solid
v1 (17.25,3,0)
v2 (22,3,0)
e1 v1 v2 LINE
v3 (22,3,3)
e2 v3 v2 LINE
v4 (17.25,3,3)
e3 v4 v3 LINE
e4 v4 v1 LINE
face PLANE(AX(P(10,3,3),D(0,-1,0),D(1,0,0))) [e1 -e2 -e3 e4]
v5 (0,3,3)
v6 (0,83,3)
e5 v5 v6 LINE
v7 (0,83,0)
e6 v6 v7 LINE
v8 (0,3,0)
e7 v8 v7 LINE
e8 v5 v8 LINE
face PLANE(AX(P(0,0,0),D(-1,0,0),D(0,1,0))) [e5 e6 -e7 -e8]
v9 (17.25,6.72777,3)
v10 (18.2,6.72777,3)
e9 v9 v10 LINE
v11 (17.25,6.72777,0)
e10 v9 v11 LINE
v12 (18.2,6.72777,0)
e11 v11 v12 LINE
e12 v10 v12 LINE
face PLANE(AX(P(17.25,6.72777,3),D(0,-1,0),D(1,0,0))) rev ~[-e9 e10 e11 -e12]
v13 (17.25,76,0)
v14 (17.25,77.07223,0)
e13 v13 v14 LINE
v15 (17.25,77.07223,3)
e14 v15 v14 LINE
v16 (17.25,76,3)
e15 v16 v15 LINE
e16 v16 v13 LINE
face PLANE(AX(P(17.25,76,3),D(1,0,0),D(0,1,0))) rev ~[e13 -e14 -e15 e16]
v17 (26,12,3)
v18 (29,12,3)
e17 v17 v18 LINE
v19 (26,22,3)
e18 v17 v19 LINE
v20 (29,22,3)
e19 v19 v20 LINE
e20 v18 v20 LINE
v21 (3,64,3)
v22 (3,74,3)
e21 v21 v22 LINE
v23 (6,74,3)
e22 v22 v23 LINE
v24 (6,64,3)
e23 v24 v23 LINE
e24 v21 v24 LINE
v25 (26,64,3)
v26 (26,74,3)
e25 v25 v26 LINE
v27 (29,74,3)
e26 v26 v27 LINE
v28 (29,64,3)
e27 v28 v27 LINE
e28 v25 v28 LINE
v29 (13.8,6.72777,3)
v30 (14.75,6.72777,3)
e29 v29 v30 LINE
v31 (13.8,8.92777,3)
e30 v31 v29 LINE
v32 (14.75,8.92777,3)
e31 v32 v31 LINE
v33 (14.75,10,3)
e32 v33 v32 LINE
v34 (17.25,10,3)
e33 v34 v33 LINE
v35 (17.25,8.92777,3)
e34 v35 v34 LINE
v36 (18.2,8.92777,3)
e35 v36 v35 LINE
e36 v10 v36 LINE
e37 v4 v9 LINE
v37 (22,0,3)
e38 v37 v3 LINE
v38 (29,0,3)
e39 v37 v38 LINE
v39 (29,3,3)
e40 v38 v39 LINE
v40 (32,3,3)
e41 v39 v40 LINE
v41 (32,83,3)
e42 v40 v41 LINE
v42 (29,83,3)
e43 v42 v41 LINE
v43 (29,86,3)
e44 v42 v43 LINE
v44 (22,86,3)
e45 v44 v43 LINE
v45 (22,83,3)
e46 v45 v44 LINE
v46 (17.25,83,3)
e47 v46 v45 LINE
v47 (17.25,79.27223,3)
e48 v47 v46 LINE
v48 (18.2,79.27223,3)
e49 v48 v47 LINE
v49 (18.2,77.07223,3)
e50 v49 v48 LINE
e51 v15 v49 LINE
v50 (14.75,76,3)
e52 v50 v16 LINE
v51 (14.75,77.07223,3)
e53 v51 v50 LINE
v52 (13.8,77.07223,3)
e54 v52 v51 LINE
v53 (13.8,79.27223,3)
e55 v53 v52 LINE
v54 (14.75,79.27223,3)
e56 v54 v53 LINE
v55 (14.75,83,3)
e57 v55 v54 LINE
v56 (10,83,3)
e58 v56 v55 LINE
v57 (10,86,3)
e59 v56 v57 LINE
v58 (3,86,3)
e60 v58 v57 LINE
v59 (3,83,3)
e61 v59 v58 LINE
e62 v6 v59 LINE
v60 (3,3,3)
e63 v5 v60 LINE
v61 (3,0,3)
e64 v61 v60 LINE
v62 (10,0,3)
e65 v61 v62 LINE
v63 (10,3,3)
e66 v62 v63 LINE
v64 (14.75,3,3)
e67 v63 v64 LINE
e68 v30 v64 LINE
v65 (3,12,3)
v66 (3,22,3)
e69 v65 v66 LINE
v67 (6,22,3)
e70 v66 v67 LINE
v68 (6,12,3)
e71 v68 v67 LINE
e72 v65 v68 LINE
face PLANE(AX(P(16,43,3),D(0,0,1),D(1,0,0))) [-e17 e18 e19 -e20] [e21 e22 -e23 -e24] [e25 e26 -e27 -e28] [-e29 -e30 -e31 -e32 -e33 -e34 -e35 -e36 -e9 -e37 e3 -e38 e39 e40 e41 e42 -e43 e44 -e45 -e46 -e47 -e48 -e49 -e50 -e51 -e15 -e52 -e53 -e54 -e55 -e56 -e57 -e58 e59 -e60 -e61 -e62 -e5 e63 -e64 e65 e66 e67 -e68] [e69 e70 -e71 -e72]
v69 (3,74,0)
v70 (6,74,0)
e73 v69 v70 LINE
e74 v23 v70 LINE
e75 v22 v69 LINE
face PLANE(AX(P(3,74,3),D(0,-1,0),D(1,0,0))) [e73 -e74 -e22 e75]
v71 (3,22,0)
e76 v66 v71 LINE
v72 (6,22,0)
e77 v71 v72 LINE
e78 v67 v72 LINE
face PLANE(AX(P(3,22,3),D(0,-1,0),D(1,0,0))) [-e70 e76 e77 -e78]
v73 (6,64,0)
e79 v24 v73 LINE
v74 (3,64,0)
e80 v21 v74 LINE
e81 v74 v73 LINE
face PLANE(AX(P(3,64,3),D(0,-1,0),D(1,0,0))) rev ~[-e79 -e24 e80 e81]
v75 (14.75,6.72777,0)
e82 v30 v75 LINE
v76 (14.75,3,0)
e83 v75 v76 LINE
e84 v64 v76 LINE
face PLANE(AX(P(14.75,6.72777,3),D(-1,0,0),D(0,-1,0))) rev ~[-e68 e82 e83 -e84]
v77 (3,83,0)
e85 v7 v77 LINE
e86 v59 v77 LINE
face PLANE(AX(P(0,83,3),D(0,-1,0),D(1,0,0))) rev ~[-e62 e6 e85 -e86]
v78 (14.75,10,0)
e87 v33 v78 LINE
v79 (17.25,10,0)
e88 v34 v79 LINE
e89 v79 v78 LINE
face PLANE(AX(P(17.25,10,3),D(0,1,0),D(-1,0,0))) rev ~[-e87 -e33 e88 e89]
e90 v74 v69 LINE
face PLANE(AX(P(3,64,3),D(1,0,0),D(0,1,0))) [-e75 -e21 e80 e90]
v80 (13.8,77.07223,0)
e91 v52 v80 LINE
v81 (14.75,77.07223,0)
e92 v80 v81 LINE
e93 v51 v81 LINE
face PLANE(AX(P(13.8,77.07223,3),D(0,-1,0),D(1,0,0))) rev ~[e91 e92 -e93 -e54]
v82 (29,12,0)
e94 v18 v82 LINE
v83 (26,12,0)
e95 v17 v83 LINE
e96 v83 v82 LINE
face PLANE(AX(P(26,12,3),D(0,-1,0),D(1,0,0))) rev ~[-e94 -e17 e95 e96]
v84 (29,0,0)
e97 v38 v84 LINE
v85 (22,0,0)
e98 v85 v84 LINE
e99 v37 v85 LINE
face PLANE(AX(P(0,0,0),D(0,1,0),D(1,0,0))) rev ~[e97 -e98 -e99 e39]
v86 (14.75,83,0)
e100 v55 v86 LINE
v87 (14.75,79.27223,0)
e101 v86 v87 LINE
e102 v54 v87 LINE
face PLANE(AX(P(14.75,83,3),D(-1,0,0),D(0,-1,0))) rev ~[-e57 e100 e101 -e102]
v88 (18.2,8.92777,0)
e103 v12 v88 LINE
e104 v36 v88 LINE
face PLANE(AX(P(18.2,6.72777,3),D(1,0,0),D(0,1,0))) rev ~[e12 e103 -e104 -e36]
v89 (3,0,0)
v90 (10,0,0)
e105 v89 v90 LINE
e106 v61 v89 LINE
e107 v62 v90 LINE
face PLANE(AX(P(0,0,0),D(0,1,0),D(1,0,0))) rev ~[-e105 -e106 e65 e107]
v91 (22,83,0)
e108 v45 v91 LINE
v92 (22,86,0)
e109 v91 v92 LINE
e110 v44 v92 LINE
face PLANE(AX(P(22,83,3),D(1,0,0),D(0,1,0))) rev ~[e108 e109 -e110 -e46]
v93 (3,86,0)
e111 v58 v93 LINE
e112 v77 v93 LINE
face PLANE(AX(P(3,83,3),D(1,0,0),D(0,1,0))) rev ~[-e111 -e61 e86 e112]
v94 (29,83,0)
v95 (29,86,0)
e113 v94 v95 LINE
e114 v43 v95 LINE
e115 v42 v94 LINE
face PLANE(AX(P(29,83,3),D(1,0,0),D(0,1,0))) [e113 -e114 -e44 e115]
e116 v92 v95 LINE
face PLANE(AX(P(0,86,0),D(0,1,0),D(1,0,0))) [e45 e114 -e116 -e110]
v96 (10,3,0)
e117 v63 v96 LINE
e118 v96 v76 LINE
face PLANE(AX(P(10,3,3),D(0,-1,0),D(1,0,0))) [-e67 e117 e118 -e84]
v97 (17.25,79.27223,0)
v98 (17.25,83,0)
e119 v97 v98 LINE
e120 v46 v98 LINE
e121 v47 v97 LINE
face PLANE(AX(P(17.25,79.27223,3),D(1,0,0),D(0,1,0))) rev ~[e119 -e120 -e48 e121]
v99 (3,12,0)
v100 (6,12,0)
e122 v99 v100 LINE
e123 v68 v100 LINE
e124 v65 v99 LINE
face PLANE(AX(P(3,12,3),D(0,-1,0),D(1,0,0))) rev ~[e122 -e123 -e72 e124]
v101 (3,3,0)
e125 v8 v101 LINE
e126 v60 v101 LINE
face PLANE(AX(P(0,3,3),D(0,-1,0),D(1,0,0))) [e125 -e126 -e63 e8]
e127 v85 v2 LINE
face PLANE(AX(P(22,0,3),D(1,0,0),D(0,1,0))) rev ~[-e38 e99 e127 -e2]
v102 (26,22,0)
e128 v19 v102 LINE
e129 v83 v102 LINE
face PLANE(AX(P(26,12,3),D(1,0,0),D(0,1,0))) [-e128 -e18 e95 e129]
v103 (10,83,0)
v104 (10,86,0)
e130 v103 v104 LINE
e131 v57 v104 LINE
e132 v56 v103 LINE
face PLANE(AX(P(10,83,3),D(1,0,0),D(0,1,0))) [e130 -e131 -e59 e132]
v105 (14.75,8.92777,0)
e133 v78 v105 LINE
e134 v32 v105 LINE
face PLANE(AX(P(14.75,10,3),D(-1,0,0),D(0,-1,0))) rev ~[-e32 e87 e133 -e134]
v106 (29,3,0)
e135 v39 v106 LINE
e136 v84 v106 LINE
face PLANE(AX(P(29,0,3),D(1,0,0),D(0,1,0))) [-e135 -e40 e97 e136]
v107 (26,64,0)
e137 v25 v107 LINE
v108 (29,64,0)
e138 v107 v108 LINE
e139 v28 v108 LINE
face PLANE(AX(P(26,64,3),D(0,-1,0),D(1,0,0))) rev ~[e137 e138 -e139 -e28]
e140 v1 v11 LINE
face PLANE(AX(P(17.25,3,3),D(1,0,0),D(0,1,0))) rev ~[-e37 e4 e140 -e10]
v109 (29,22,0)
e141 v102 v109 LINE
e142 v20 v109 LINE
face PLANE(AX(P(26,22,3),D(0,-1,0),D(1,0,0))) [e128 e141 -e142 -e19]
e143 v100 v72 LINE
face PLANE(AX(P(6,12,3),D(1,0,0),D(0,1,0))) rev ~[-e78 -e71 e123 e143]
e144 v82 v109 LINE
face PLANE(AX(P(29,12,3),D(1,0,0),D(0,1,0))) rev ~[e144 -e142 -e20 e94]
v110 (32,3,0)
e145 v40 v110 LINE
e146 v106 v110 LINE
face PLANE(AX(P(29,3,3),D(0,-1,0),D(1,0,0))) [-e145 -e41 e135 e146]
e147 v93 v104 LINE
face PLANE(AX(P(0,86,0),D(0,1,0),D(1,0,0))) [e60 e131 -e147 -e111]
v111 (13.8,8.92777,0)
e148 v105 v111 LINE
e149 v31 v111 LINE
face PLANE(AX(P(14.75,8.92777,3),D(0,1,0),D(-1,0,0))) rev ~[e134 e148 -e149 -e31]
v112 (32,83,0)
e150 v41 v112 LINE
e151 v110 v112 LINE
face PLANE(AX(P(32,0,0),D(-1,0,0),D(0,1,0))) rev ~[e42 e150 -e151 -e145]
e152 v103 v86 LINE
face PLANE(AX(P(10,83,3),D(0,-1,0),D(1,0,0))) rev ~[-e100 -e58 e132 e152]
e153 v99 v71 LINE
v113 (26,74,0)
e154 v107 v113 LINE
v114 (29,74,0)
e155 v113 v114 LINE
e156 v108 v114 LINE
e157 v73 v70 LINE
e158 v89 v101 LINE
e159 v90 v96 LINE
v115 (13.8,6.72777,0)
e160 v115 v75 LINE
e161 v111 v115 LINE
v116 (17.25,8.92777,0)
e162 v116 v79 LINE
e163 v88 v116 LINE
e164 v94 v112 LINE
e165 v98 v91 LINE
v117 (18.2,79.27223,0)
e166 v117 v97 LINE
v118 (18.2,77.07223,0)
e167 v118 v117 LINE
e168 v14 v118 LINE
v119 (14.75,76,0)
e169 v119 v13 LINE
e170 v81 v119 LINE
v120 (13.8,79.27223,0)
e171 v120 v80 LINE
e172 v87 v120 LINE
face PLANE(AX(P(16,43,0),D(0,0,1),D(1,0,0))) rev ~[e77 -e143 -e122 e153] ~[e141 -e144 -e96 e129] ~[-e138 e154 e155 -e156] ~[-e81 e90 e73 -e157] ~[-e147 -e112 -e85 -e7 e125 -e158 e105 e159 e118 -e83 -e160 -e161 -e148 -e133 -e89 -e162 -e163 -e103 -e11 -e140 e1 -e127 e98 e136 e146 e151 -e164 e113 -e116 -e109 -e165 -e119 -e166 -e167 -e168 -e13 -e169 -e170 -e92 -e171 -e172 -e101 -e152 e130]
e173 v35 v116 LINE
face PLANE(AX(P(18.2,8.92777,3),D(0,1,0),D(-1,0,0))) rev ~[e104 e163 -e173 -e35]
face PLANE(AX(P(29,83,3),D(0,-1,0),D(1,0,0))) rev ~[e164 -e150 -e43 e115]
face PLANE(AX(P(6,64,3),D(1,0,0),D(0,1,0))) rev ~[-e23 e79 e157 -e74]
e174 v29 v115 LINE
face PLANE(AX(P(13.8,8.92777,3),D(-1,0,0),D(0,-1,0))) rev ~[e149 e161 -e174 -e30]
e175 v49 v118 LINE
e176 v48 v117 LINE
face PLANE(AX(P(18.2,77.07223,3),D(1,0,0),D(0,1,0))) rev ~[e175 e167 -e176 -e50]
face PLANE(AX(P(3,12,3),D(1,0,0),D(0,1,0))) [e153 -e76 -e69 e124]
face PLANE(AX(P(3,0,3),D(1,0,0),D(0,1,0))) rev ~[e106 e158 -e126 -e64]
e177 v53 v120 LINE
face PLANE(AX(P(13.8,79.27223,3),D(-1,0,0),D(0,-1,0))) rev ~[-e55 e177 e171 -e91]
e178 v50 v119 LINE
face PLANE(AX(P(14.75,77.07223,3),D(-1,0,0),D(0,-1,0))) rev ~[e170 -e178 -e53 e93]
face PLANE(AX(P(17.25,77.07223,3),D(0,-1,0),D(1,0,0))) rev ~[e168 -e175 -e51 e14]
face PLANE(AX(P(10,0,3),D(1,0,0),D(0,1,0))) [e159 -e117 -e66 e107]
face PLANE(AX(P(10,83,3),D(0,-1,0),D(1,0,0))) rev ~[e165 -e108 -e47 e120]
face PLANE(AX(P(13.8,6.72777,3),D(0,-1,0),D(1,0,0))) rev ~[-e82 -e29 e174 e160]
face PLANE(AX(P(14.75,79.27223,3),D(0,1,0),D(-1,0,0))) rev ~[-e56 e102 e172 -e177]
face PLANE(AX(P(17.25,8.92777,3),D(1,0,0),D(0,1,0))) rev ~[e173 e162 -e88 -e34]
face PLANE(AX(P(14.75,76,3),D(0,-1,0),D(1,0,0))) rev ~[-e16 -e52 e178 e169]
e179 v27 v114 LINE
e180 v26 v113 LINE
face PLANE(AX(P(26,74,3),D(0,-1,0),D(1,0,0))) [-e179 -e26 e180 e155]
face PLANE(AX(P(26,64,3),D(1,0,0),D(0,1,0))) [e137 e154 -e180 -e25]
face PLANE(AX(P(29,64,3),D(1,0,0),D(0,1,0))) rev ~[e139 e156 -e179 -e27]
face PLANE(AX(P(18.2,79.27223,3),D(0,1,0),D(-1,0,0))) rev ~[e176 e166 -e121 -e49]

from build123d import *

# Parameters (mm, degrees)
SKETCH_1_W          = 32
SKETCH_1_H          = 86
EXTRUDE_1_DEPTH     = 3
SKETCH_2_W          = 12
SKETCH_2_H          = 3
SKETCH_2_W_2        = 3
CUT_EXTRUDE_1_DEPTH = 4
SKETCH_3_W          = 3
SKETCH_3_H          = 10
CUT_EXTRUDE_2_DEPTH = 4
CUT_EXTRUDE_3_DEPTH = 10


with BuildPart() as part:
    # 스케치1 → 보스-돌출1 (new body)
    with BuildSketch(Plane.XY):
        with Locations((16, 43)):
            Rectangle(SKETCH_1_W, SKETCH_1_H)
    extrude(amount=EXTRUDE_1_DEPTH)

    # 스케치2 → 컷-돌출1 (cut, through all)
    with BuildSketch(Plane.XY.offset(3)):
        with Locations((16, 84.5)):
            Rectangle(SKETCH_2_W, SKETCH_2_H)
        with Locations((1.5, 84.5)):
            Rectangle(SKETCH_2_W_2, SKETCH_2_H)
        with Locations((30.5, 84.5)):
            Rectangle(SKETCH_2_W_2, SKETCH_2_H)
        with Locations((16, 1.5)):
            Rectangle(SKETCH_2_W, SKETCH_2_H)
        with Locations((1.5, 1.5)):
            Rectangle(SKETCH_2_W_2, SKETCH_2_H)
        with Locations((30.5, 1.5)):
            Rectangle(SKETCH_2_W_2, SKETCH_2_H)
    extrude(amount=-CUT_EXTRUDE_1_DEPTH, mode=Mode.SUBTRACT)

    # 스케치3 → 컷-돌출2 (cut, through all)
    with BuildSketch(Plane.XY.offset(3)):
        with Locations((27.5, 69)):
            Rectangle(SKETCH_3_W, SKETCH_3_H)
        with Locations((4.5, 69)):
            Rectangle(SKETCH_3_W, SKETCH_3_H)
        with Locations((27.5, 17)):
            Rectangle(SKETCH_3_W, SKETCH_3_H)
        with Locations((4.5, 17)):
            Rectangle(SKETCH_3_W, SKETCH_3_H)
    extrude(amount=-CUT_EXTRUDE_2_DEPTH, mode=Mode.SUBTRACT)

    # 스케치4 → 컷-돌출3 (cut)
    with BuildSketch(Plane.XY.offset(3)):
        Polygon((14.75, 3), (17.25, 3), (17.25, 6.727769783), (18.2, 6.727769783), (18.2, 8.927769783), (17.25, 8.927769783), (17.25, 10), (14.75, 10), (14.75, 8.927769783), (13.8, 8.927769783), (13.8, 6.727769783), (14.75, 6.727769783), align=None)
        Polygon((13.8, 77.072230217), (14.75, 77.072230217), (14.75, 76), (17.25, 76), (17.25, 77.072230217), (18.2, 77.072230217), (18.2, 79.272230217), (17.25, 79.272230217), (17.25, 83), (14.75, 83), (14.75, 79.272230217), (13.8, 79.272230217), align=None)
    extrude(amount=-CUT_EXTRUDE_3_DEPTH, mode=Mode.SUBTRACT)


solid = part.part
